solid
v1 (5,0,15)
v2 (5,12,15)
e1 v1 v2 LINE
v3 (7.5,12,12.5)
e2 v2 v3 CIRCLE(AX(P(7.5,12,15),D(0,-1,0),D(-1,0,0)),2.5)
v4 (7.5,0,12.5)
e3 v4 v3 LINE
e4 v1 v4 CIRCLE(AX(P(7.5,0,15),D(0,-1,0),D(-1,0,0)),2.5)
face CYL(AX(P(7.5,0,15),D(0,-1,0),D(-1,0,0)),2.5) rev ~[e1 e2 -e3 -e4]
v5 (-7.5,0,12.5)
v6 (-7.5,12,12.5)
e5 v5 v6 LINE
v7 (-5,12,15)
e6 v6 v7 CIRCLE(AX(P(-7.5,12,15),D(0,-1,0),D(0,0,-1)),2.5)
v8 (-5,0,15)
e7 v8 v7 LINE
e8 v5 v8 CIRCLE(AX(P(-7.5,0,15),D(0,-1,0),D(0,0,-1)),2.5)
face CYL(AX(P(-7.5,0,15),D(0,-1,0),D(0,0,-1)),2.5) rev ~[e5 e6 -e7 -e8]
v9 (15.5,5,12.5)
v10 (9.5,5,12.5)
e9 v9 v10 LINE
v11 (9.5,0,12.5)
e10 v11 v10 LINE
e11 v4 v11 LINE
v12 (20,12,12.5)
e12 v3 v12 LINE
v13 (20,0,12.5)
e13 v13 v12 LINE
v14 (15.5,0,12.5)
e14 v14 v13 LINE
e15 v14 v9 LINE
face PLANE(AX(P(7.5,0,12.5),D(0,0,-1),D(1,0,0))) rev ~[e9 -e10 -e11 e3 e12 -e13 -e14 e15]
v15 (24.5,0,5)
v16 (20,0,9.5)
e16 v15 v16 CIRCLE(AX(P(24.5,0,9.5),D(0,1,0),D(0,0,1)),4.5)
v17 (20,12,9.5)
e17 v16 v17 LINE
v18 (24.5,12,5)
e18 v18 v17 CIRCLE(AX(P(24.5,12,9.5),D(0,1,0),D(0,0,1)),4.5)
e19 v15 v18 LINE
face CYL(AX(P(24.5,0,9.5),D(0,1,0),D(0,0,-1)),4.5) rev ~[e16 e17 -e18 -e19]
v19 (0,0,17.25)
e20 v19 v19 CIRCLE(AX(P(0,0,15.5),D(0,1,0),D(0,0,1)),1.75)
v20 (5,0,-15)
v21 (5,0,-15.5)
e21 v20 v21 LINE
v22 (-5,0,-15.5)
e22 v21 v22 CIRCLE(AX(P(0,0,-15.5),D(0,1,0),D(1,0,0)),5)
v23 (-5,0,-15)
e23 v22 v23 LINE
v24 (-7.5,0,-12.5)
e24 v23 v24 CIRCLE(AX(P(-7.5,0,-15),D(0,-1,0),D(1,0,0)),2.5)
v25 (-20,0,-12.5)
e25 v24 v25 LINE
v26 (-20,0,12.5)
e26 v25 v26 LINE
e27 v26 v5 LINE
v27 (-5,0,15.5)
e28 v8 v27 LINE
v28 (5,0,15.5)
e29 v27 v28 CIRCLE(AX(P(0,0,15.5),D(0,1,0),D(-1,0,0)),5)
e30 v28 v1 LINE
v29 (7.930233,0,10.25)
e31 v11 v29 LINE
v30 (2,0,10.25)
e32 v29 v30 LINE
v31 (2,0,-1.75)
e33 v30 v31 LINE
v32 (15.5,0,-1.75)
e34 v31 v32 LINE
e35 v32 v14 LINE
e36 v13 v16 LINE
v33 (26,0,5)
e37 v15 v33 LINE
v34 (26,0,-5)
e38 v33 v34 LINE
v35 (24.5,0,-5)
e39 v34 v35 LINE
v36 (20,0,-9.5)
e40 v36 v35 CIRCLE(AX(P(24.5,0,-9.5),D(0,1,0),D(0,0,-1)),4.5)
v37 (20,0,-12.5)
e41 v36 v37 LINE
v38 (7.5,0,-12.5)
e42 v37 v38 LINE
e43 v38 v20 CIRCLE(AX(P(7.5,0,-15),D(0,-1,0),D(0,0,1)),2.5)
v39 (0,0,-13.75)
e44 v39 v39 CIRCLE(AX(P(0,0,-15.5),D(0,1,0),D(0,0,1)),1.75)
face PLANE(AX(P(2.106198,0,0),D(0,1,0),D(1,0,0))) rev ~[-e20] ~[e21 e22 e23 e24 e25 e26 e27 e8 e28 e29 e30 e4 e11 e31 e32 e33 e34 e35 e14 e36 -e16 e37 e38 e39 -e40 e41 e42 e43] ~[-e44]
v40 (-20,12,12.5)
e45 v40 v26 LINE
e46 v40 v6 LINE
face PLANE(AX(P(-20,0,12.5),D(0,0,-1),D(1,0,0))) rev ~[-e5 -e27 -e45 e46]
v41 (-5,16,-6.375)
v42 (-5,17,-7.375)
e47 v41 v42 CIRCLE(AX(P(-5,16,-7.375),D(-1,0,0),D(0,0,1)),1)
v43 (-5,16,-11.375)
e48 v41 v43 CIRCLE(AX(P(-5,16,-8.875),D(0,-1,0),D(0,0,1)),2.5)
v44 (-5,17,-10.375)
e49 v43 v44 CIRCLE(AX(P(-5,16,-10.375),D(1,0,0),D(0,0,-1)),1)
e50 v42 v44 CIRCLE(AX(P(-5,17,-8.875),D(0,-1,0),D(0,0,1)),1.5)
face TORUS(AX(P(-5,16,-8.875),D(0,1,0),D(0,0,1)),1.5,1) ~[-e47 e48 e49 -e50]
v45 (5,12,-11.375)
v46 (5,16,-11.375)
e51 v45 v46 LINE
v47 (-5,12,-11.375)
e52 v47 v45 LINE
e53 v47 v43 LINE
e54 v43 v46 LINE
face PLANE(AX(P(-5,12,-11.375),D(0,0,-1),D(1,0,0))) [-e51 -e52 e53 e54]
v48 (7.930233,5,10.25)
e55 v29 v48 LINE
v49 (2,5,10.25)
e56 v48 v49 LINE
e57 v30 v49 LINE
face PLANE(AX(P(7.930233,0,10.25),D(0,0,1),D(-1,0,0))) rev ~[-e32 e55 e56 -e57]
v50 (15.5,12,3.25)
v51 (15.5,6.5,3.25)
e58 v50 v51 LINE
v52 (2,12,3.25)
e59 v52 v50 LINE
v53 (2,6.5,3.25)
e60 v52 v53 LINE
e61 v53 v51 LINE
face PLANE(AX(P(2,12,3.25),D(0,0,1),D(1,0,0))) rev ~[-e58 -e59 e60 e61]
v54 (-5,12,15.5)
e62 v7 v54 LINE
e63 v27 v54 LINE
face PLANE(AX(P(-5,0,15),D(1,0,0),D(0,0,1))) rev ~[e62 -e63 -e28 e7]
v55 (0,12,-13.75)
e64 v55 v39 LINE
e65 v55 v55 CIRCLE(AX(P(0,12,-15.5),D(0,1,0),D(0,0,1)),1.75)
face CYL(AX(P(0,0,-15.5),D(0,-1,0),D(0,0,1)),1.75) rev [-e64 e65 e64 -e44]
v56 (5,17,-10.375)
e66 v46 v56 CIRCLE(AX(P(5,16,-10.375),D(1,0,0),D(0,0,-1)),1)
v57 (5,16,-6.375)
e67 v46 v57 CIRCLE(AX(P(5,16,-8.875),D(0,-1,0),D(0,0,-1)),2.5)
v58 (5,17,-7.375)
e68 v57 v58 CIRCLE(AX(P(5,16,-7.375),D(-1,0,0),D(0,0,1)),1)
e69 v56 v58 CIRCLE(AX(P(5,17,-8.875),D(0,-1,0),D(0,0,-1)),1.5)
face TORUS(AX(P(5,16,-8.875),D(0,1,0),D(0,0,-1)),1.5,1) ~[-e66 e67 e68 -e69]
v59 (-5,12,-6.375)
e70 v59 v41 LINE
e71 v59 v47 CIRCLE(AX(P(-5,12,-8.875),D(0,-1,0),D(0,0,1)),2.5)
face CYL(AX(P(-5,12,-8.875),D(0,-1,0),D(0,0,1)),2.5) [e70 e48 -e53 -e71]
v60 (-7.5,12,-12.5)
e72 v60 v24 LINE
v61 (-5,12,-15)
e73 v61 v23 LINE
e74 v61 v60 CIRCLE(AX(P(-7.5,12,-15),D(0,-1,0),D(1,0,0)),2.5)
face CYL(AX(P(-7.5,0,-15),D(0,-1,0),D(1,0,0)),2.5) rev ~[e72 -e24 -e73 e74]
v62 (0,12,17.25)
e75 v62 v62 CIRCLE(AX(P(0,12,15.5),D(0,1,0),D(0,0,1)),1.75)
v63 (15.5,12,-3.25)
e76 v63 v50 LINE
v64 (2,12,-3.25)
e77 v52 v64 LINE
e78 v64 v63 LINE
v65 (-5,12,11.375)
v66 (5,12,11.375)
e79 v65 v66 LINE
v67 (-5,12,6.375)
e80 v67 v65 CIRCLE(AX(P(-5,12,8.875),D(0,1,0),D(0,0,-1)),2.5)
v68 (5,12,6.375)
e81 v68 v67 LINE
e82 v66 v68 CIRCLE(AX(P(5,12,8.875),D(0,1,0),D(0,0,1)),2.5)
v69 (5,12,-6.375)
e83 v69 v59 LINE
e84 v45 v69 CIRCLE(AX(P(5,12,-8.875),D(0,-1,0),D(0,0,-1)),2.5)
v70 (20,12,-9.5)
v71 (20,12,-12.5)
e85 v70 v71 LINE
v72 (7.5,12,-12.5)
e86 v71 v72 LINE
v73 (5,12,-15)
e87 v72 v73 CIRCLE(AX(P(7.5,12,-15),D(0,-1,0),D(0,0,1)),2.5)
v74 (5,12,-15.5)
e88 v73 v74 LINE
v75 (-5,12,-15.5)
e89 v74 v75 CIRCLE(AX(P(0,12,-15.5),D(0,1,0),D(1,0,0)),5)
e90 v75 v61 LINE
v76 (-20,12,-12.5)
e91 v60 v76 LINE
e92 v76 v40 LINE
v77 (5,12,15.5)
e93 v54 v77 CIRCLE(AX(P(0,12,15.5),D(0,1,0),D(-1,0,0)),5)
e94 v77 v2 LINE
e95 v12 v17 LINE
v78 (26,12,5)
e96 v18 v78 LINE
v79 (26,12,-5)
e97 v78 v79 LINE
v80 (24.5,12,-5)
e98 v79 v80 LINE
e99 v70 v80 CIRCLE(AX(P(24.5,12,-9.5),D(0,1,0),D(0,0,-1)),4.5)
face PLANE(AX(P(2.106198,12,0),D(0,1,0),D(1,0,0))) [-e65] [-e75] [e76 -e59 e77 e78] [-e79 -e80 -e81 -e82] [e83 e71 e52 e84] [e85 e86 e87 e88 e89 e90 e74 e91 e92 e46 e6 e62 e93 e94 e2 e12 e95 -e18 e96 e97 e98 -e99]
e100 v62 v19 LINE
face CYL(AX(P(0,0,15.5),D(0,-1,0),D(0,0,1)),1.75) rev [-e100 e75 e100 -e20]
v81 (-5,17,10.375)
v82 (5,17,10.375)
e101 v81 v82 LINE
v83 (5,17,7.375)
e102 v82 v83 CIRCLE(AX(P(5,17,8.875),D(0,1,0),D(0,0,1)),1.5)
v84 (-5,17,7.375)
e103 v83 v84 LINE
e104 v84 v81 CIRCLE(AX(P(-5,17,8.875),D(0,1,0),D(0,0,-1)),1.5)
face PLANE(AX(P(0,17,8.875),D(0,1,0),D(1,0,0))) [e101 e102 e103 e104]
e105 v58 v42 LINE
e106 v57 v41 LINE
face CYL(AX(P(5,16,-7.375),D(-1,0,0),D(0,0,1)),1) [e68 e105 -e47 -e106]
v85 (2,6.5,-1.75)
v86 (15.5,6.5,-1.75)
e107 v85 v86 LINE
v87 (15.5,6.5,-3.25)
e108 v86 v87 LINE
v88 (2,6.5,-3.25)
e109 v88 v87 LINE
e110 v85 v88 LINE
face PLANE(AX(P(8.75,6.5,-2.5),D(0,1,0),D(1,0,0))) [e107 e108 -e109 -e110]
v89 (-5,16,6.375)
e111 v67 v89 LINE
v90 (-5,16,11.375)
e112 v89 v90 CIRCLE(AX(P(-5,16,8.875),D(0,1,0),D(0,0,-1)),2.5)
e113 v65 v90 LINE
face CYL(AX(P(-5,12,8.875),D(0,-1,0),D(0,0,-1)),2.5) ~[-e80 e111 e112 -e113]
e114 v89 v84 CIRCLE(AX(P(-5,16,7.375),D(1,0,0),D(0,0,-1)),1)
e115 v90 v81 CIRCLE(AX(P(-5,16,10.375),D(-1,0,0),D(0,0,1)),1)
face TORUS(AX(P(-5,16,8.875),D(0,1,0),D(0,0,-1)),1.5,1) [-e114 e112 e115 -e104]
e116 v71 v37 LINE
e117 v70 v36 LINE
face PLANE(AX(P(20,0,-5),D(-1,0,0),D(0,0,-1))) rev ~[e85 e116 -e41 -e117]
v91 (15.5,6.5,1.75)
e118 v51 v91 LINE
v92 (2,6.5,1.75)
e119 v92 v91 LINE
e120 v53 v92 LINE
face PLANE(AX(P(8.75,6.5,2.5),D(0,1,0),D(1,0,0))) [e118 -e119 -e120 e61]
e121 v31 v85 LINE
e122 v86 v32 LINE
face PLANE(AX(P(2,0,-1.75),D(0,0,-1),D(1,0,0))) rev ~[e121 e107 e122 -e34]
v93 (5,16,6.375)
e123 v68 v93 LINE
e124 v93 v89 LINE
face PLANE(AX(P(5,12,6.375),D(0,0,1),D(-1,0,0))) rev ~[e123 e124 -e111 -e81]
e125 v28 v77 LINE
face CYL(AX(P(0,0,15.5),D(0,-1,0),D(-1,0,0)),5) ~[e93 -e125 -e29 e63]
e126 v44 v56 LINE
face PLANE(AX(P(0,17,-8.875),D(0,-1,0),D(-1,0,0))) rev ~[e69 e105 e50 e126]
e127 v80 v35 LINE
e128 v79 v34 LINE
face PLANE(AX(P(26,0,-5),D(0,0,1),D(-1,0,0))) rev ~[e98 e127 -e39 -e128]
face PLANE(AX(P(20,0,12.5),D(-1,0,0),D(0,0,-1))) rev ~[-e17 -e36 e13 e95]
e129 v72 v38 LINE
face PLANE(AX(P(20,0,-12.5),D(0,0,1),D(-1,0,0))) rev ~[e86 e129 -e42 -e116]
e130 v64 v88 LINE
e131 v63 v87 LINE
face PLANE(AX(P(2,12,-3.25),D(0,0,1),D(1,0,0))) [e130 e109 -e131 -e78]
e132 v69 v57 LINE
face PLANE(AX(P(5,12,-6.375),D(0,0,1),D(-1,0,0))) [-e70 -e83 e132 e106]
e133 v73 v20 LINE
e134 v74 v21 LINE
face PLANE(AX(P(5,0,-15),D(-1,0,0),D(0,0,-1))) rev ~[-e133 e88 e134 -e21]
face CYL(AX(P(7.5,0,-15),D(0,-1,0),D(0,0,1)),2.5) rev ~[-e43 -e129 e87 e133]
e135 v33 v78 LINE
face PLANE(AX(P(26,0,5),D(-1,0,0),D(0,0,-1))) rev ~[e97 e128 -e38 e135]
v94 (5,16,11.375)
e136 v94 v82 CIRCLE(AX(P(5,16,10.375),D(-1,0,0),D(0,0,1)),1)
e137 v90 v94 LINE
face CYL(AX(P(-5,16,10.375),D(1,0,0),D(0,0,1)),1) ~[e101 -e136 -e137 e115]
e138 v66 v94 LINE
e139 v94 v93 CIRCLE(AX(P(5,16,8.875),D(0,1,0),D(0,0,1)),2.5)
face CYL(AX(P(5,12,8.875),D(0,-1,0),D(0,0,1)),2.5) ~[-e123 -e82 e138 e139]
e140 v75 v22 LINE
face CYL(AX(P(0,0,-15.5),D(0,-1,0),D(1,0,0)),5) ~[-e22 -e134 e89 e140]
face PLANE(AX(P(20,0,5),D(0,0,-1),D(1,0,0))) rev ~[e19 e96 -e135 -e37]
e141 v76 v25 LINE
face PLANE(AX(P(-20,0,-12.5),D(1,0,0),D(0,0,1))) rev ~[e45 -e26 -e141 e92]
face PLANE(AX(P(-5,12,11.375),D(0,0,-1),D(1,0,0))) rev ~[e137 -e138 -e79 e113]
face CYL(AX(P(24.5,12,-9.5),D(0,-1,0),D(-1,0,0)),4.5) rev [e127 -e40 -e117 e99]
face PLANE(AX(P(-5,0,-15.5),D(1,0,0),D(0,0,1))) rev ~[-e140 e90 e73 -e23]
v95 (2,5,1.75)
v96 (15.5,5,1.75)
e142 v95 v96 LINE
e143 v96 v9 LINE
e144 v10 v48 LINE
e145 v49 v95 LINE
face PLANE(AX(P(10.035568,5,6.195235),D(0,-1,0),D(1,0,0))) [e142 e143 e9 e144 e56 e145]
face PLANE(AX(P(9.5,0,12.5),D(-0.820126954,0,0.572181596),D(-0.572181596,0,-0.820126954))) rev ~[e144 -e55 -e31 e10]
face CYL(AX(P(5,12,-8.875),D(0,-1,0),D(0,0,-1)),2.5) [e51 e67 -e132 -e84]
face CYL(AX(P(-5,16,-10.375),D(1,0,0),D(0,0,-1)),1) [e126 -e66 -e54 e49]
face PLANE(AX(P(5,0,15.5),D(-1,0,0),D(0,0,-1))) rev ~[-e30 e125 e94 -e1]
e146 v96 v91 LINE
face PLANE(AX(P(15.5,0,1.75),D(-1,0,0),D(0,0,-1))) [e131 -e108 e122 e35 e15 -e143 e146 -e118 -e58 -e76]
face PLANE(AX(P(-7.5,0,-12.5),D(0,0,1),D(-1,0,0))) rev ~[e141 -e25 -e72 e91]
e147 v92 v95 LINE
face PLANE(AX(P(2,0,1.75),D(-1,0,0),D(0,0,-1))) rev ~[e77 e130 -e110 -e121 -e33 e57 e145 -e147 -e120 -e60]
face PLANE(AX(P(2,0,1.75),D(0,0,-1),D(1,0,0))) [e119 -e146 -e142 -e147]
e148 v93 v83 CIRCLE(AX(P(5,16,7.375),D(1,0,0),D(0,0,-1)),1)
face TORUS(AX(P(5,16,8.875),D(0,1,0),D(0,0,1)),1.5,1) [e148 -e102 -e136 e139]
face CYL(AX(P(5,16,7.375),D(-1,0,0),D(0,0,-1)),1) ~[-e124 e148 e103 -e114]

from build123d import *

# Parameters (mm, degrees)
SKETCH2_R           = 1.75
SKETCH2_W           = 13.5
SKETCH2_H           = 3.5
BOSS_EXTRUDE2_DEPTH = 12
BOSS_EXTRUDE3_START = 7
SKETCH2_4_R         = 1.75
SKETCH2_4_W         = 13.5
SKETCH2_4_H         = 6.5
SKETCH2_4_H_2       = 3.5
BOSS_EXTRUDE3_DEPTH = 5
CUT_EXTRUDE1_START  = 12
SKETCH2_6_W         = 13.5
SKETCH2_6_H         = 1.5
CUT_EXTRUDE1_DEPTH  = 5.5
FILLET1_R           = 4.5
CUT_EXTRUDE4_DEPTH  = 5
BOSS_EXTRUDE4_DEPTH = 5
FILLET2_R           = 1


with BuildPart() as part:
    # Sketch2 → Boss-Extrude2 (new body)
    with BuildSketch(Plane(origin=(0, 0, 0), x_dir=(1, 0, 0), z_dir=(0, 1, 0))):
        with BuildLine():
            Line((-20, 12.5), (-20, -12.5))
            Line((-20, -12.5), (-7.5, -12.5))
            ThreePointArc((-7.5, -12.5), (-5.732233047, -13.232233047), (-5, -15))
            Line((-5, -15), (-5, -15.5))
            ThreePointArc((-5, -15.5), (0, -20.5), (5, -15.5))
            Line((5, -15.5), (5, -15))
            ThreePointArc((5, -15), (5.732233047, -13.232233047), (7.5, -12.5))
            Line((7.5, -12.5), (20, -12.5))
            Line((20, -12.5), (20, -5))
            Line((20, -5), (26, -5))
            Line((26, -5), (26, 5))
            Line((26, 5), (20, 5))
            Line((20, 5), (20, 12.5))
            Line((20, 12.5), (7.5, 12.5))
            ThreePointArc((7.5, 12.5), (5.732233047, 13.232233047), (5, 15))
            Line((5, 15), (5, 15.5))
            ThreePointArc((5, 15.5), (0, 20.5), (-5, 15.5))
            Line((-5, 15.5), (-5, 15))
            ThreePointArc((-5, 15), (-5.732233047, 13.232233047), (-7.5, 12.5))
            Line((-7.5, 12.5), (-20, 12.5))
        make_face()
        with Locations(Location((0, -15.5, 0), (0, 0, 270))):
            Circle(SKETCH2_R, mode=Mode.SUBTRACT)
        with Locations(Location((0, 15.5, 0), (0, 0, 270))):
            Circle(SKETCH2_R, mode=Mode.SUBTRACT)
        with Locations((8.75, 0)):
            Rectangle(SKETCH2_W, SKETCH2_H, mode=Mode.SUBTRACT)
    extrude(amount=BOSS_EXTRUDE2_DEPTH)

    # Sketch2<4> → Boss-Extrude3 (add)
    with BuildSketch(Plane(origin=(0, 0, 0), x_dir=(1, 0, 0), z_dir=(0, 1, 0)).offset(BOSS_EXTRUDE3_START)):
        with BuildLine():
            Line((-20, -12.5), (-7.5, -12.5))
            ThreePointArc((-7.5, -12.5), (-5.732233047, -13.232233047), (-5, -15))
            Line((-5, -15), (-5, -15.5))
            ThreePointArc((-5, -15.5), (0, -20.5), (5, -15.5))
            Line((5, -15.5), (5, -15))
            ThreePointArc((5, -15), (5.732233047, -13.232233047), (7.5, -12.5))
            Line((7.5, -12.5), (20, -12.5))
            Line((20, -12.5), (20, -5))
            Line((20, -5), (26, -5))
            Line((26, -5), (26, 5))
            Line((26, 5), (20, 5))
            Line((20, 5), (20, 12.5))
            Line((20, 12.5), (7.5, 12.5))
            ThreePointArc((7.5, 12.5), (5.732233047, 13.232233047), (5, 15))
            Line((5, 15), (5, 15.5))
            ThreePointArc((5, 15.5), (0, 20.5), (-5, 15.5))
            Line((-5, 15.5), (-5, 15))
            ThreePointArc((-5, 15), (-5.732233047, 13.232233047), (-7.5, 12.5))
            Line((-7.5, 12.5), (-20, 12.5))
            Line((-20, 12.5), (-20, -12.5))
        make_face()
        with Locations(Location((0, -15.5, 0), (0, 0, 270))):
            Circle(SKETCH2_4_R, mode=Mode.SUBTRACT)
        with Locations(Location((0, 15.5, 0), (0, 0, 270))):
            Circle(SKETCH2_4_R, mode=Mode.SUBTRACT)
        with Locations((8.75, 0)):
            Rectangle(SKETCH2_4_W, SKETCH2_4_H, mode=Mode.SUBTRACT)
        with Locations((8.75, 0)):
            Rectangle(SKETCH2_4_W, SKETCH2_4_H_2, mode=Mode.SUBTRACT)
    extrude(amount=BOSS_EXTRUDE3_DEPTH)

    # Sketch2<6> → Cut-Extrude1 (cut)
    with BuildSketch(Plane(origin=(0, 0, 0), x_dir=(1, 0, 0), z_dir=(0, 1, 0)).offset(CUT_EXTRUDE1_START)):
        with Locations((8.75, -2.5)):
            Rectangle(SKETCH2_6_W, SKETCH2_6_H)
        with Locations((8.75, 2.5)):
            Rectangle(SKETCH2_6_W, SKETCH2_6_H)
    extrude(amount=-CUT_EXTRUDE1_DEPTH, mode=Mode.SUBTRACT)

    # Fillet1
    fillet1_edges = [part.edges().sort_by_distance(p)[0] for p in [
        (20, 6, -5),
        (20, 6, 5),
    ]]
    fillet(fillet1_edges, radius=FILLET1_R)

    # Sketch3 → Cut-Extrude4 (cut)
    with BuildSketch(Plane.XZ):
        Polygon((7.930232558, 10.25), (2, 1.75), (15.5, 1.75), (15.5, 12.5), (9.5, 12.5), align=None)
        Polygon((2, 10.25), (2, 1.75), (7.930232558, 10.25), align=None)
    extrude(amount=-CUT_EXTRUDE4_DEPTH, mode=Mode.SUBTRACT)

    # Sketch4 → Boss-Extrude4 (add)
    with BuildSketch(Plane(origin=(0, 12, 0), x_dir=(1, 0, 0), z_dir=(0, 1, 0))):
        with BuildLine():
            Line((-5, 11.375), (5, 11.375))
            ThreePointArc((5, 11.375), (7.5, 8.875), (5, 6.375))
            Line((5, 6.375), (-5, 6.375))
            ThreePointArc((-5, 6.375), (-7.5, 8.875), (-5, 11.375))
        make_face()
        with BuildLine():
            Line((-5, -11.375), (5, -11.375))
            ThreePointArc((5, -11.375), (7.5, -8.875), (5, -6.375))
            Line((5, -6.375), (-5, -6.375))
            ThreePointArc((-5, -6.375), (-7.5, -8.875), (-5, -11.375))
        make_face()
    extrude(amount=BOSS_EXTRUDE4_DEPTH)

    # Fillet2
    fillet2_edges = [part.edges().sort_by_distance(p)[0] for p in [
        (-7.5, 17, -8.875),
        (0, 17, -6.375),
        (7.5, 17, -8.875),
        (0, 17, -11.375),
        (-7.5, 17, 8.875),
        (0, 17, 11.375),
        (7.5, 17, 8.875),
        (0, 17, 6.375),
    ]]
    fillet(fillet2_edges, radius=FILLET2_R)


solid = part.part
